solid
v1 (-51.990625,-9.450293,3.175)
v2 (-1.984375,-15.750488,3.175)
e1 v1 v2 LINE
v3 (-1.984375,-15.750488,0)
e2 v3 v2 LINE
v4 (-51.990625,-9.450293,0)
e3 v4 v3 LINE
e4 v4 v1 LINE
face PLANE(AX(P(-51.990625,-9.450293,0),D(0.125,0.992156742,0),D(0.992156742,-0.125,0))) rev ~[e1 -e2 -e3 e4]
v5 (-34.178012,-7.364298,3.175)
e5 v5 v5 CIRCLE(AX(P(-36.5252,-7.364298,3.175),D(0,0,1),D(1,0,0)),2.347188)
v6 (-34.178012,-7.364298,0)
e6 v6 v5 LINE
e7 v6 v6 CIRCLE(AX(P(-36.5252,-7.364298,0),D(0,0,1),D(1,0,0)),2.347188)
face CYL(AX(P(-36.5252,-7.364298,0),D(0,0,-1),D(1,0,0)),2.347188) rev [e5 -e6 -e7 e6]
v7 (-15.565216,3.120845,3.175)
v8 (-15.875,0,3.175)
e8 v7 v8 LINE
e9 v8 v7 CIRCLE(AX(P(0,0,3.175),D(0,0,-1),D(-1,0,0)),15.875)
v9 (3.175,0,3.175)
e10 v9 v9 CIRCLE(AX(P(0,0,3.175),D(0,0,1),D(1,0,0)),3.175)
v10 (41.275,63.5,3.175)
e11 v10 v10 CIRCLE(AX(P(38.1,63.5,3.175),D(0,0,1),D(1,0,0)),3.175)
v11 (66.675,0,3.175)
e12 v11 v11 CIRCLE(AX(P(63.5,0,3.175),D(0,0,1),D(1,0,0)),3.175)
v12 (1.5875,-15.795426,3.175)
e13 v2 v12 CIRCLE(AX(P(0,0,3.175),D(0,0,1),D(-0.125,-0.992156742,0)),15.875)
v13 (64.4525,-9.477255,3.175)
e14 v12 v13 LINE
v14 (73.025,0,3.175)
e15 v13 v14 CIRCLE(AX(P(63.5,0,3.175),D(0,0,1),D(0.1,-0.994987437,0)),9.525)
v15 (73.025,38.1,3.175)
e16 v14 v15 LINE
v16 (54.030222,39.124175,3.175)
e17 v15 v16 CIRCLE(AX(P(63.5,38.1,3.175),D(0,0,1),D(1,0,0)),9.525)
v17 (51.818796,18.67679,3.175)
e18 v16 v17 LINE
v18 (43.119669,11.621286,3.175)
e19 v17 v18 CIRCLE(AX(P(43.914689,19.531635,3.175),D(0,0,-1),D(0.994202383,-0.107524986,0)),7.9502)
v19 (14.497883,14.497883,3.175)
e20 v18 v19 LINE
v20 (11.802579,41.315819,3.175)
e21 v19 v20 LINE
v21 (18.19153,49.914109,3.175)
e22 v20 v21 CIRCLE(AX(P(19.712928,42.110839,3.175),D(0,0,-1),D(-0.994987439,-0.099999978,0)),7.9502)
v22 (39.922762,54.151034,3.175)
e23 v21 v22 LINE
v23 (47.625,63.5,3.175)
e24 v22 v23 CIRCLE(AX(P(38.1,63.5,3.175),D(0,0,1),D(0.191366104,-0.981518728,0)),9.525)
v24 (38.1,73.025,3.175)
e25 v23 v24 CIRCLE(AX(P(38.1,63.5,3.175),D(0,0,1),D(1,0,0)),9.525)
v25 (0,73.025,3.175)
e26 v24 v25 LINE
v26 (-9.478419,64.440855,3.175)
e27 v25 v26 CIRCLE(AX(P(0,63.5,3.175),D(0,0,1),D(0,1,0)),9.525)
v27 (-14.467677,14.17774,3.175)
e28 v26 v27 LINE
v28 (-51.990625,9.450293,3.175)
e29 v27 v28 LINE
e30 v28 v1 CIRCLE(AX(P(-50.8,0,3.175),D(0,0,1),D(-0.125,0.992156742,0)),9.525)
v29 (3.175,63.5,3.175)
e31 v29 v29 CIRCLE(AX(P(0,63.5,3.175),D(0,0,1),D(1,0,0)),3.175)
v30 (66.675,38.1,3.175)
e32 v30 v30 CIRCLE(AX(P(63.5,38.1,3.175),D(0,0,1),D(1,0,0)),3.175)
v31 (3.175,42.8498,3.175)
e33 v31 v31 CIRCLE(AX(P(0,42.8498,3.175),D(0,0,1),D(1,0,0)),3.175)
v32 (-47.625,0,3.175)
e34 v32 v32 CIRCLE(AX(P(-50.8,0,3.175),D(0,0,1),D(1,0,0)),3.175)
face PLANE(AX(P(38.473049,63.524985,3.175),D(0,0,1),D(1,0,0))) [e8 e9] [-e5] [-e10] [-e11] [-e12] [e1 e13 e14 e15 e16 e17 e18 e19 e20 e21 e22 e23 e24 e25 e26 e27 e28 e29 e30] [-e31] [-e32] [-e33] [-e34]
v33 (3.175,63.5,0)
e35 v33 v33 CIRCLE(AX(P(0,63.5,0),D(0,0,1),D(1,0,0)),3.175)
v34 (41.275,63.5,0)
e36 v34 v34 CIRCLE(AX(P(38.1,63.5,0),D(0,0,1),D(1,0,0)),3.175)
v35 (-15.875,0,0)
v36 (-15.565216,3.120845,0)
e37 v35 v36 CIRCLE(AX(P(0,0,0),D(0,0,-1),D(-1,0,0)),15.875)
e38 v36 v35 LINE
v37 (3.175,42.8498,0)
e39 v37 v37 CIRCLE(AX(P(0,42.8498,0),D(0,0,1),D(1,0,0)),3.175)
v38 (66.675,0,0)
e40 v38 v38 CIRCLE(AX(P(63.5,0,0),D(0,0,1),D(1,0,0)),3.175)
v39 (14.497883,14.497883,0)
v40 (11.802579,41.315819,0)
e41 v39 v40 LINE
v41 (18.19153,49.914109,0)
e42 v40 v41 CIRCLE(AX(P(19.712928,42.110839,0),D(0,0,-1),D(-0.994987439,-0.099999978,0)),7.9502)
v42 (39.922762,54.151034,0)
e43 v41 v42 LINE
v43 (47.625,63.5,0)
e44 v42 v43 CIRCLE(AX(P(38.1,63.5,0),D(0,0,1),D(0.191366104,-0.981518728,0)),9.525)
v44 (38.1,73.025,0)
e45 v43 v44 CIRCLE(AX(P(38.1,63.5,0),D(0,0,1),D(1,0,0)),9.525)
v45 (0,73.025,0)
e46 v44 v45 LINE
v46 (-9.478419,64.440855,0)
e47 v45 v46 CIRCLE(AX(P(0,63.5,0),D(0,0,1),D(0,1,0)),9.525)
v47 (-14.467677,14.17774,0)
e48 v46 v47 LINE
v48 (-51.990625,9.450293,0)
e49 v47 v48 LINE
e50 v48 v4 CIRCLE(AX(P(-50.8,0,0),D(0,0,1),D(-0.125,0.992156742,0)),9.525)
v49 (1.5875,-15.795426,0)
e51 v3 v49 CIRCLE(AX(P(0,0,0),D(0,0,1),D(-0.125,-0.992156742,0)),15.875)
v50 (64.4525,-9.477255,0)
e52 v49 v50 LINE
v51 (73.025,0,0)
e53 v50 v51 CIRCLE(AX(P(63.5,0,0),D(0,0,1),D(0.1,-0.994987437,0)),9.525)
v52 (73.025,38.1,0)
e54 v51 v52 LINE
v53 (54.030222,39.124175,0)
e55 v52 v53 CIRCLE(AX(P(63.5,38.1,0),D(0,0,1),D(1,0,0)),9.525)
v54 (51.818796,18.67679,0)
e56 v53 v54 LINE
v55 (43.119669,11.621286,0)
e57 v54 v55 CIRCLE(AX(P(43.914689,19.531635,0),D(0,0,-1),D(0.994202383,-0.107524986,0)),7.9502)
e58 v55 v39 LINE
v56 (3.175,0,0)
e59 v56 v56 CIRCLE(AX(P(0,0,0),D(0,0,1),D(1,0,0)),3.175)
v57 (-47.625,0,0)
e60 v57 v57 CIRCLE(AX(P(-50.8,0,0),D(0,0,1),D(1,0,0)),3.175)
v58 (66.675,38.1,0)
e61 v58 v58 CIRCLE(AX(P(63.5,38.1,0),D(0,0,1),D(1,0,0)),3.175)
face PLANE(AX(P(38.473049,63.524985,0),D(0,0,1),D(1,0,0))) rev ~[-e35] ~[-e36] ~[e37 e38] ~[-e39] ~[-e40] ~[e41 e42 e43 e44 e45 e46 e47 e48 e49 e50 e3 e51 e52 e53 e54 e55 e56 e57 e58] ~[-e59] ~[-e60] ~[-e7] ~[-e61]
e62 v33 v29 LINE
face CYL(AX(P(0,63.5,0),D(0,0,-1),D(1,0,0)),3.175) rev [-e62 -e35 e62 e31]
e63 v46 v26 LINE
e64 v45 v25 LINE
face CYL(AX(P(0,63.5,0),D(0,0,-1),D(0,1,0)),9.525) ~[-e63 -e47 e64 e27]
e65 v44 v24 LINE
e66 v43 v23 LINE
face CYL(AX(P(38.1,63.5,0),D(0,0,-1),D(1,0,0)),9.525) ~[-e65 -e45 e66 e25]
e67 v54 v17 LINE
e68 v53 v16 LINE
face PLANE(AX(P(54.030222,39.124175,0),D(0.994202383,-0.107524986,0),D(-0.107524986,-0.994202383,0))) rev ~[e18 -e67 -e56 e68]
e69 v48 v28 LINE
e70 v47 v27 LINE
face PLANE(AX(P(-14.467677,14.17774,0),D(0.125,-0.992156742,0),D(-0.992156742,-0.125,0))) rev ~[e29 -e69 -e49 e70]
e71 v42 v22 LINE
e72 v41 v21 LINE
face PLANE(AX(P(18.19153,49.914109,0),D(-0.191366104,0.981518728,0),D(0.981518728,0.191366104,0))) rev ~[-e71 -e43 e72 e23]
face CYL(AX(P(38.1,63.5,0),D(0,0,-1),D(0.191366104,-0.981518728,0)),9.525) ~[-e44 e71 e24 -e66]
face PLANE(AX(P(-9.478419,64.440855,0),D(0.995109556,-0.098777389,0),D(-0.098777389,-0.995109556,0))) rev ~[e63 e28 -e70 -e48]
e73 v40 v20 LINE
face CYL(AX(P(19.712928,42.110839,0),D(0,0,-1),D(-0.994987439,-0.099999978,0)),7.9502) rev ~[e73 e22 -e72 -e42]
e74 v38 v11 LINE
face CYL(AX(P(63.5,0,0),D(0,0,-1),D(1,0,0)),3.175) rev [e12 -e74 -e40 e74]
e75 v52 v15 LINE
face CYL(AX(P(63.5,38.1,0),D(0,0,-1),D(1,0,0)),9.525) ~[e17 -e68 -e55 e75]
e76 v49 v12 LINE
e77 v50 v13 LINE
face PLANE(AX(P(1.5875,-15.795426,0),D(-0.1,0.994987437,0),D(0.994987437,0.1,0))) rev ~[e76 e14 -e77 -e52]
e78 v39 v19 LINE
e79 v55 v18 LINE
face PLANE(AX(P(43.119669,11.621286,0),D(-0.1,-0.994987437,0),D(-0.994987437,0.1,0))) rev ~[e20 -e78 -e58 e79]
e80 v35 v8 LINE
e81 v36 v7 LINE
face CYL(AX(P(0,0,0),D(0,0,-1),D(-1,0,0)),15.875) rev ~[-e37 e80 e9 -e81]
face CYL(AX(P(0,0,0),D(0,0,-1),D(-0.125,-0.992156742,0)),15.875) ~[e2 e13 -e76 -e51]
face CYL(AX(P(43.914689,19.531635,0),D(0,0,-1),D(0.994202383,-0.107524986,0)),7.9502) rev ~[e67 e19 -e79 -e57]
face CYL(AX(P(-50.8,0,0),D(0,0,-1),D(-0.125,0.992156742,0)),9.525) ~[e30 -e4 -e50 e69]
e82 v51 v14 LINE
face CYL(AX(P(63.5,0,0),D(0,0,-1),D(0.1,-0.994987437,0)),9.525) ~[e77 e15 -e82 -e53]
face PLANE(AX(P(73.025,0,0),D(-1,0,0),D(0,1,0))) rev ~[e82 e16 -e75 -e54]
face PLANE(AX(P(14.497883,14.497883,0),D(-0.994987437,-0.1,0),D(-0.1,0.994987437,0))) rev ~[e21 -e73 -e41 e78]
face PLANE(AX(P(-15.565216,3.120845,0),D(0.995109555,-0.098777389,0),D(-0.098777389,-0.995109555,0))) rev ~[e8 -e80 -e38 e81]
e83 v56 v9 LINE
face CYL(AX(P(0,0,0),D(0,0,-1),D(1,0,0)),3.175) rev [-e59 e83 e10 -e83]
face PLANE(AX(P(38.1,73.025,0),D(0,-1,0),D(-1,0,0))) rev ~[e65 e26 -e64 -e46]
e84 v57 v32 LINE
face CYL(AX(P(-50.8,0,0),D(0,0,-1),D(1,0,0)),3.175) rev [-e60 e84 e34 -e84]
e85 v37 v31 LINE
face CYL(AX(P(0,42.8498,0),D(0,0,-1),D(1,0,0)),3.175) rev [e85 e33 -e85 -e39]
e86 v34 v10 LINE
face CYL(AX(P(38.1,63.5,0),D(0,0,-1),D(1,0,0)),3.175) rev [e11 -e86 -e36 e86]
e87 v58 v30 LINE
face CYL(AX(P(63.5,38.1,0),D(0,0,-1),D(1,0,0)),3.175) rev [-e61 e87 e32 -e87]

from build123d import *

# Parameters (mm, degrees)
F0_R     = 3.175
F0_R_2   = 2.3471876239
F1_DEPTH = 3.175
F2_DEPTH = 3.175


with BuildPart() as f1:
    # F0 (on Top) → F1 (new body)
    with BuildSketch(Plane.XY):
        with BuildLine():
            ThreePointArc((64.4525, 9.4772553384), (53.975, 0), (64.4525, -9.4772553384))
            ThreePointArc((64.4525, -9.4772553384), (70.563929059, -6.3895642457), (73.025, 0))
            ThreePointArc((73.025, 0), (70.563929059, 6.3895642457), (64.4525, 9.4772553384))
        make_face()
        with Locations((63.5, 0)):
            Circle(F0_R, mode=Mode.SUBTRACT)
        with BuildLine():
            ThreePointArc((15.875, 0), (11.7732150983, -10.6492737428), (1.5875, -15.7954255641))
            Line((1.5875, -15.7954255641), (64.4525, -9.4772553384))
            ThreePointArc((64.4525, -9.4772553384), (53.975, 0), (64.4525, 9.4772553384))
            Line((64.4525, 9.4772553384), (43.1196686861, 11.6212855561))
            Line((43.1196686861, 11.6212855561), (14.4978832286, 14.4978832286))
            Line((14.4978832286, 14.4978832286), (15.7954255641, 1.5875))
            ThreePointArc((15.7954255641, 1.5875), (15.8550939106, 0.7947465541), (15.875, 0))
        make_face()
        with BuildLine():
            Line((14.4978832286, 14.4978832286), (1.5875, 15.7954255641))
            ThreePointArc((1.5875, 15.7954255641), (11.2253201513, 11.2253201513), (15.7954255641, 1.5875))
            Line((15.7954255641, 1.5875), (14.4978832286, 14.4978832286))
        make_face()
        with BuildLine():
            ThreePointArc((-15.875, 0), (-11.90625, -10.5003255158), (-1.984375, -15.7504882737))
            ThreePointArc((-1.984375, -15.7504882737), (-0.1997054867, -15.8737438155), (1.5875, -15.7954255641))
            ThreePointArc((1.5875, -15.7954255641), (11.7732150983, -10.6492737428), (15.875, 0))
            ThreePointArc((15.875, 0), (15.8550939106, 0.7947465541), (15.7954255641, 1.5875))
            ThreePointArc((15.7954255641, 1.5875), (11.2253201513, 11.2253201513), (1.5875, 15.7954255641))
            ThreePointArc((1.5875, 15.7954255641), (-0.1997054867, 15.8737438155), (-1.984375, 15.7504882737))
            ThreePointArc((-1.984375, 15.7504882737), (-10.8108284084, 11.6250425429), (-15.5652161214, 3.1208447723))
            Line((-15.5652161214, 3.1208447723), (-15.875, 0))
        make_face()
        Circle(F0_R, mode=Mode.SUBTRACT)
        with BuildLine():
            Line((-1.984375, 15.7504882737), (-14.4676774298, 14.1777399989))
            Line((-14.4676774298, 14.1777399989), (-15.5652161214, 3.1208447723))
            ThreePointArc((-15.5652161214, 3.1208447723), (-10.8108284084, 11.6250425429), (-1.984375, 15.7504882737))
        make_face()
        with BuildLine():
            ThreePointArc((-51.990625, 9.4502929642), (-44.4998046905, 7.14375), (-41.275, 0))
            ThreePointArc((-41.275, 0), (-44.4998046905, -7.14375), (-51.990625, -9.4502929642))
            Line((-51.990625, -9.4502929642), (-1.984375, -15.7504882737))
            ThreePointArc((-1.984375, -15.7504882737), (-11.90625, -10.5003255158), (-15.875, 0))
            ThreePointArc((-15.875, 0), (-15.7973641936, 1.5680910484), (-15.5652161214, 3.1208447723))
            Line((-15.5652161214, 3.1208447723), (-14.4676774298, 14.1777399989))
            Line((-14.4676774298, 14.1777399989), (-51.990625, 9.4502929642))
        make_face()
        with Locations((-36.5252, -7.3642977134)):
            Circle(F0_R_2, mode=Mode.SUBTRACT)
        with BuildLine():
            ThreePointArc((-51.990625, -9.4502929642), (-44.4998046905, -7.14375), (-41.275, 0))
            ThreePointArc((-41.275, 0), (-44.4998046905, 7.14375), (-51.990625, 9.4502929642))
            ThreePointArc((-51.990625, 9.4502929642), (-60.325, 0), (-51.990625, -9.4502929642))
        make_face()
        with Locations((-50.8, 0)):
            Circle(F0_R, mode=Mode.SUBTRACT)
        with BuildLine():
            Line((43.1196686861, 11.6212855561), (64.4525, 9.4772553384))
            ThreePointArc((64.4525, 9.4772553384), (70.563929059, 6.3895642457), (73.025, 0))
            Line((73.025, 0), (73.025, 38.1))
            ThreePointArc((73.025, 38.1), (62.9871684143, 28.5888155961), (54.0302223066, 39.1241754918))
            Line((54.0302223066, 39.1241754918), (51.8187964167, 18.6767895399))
            ThreePointArc((51.8187964167, 18.6767895399), (48.9226639315, 13.3570202446), (43.1196686861, 11.6212855561))
        make_face()
        with BuildLine():
            ThreePointArc((54.0302223066, 39.1241754918), (62.9871684143, 28.5888155961), (73.025, 38.1))
            ThreePointArc((73.025, 38.1), (64.0128315857, 47.6111844039), (54.0302223066, 39.1241754918))
        make_face()
        with Locations((63.5, 38.1)):
            Circle(F0_R, mode=Mode.SUBTRACT)
    extrude(amount=F1_DEPTH)

    # F0 (on Top) → F2 (join)
    with BuildSketch(Plane.XY):
        with BuildLine():
            ThreePointArc((47.625, 63.5), (44.8351920908, 70.2351920908), (38.1, 73.025))
            ThreePointArc((38.1, 73.025), (28.6191106669, 62.5843786514), (39.922762137, 54.1510341111))
            ThreePointArc((39.922762137, 54.1510341111), (45.4514432037, 57.4434409255), (47.625, 63.5))
        make_face()
        with Locations((38.1, 63.5)):
            Circle(F0_R, mode=Mode.SUBTRACT)
        with BuildLine():
            Line((38.1, 73.025), (0, 73.025))
            ThreePointArc((0, 73.025), (6.3895642457, 70.563929059), (9.4772553384, 64.4525))
            Line((9.4772553384, 64.4525), (11.8025792677, 41.3158190319))
            ThreePointArc((11.8025792677, 41.3158190319), (13.3315402272, 46.8525226233), (18.1915296106, 49.9141090533))
            Line((18.1915296106, 49.9141090533), (39.922762137, 54.1510341111))
            ThreePointArc((39.922762137, 54.1510341111), (28.6191106669, 62.5843786514), (38.1, 73.025))
        make_face()
        with BuildLine():
            ThreePointArc((0, 73.025), (-6.3939027463, 70.5600023138), (-9.4784185161, 64.440854629))
            ThreePointArc((-9.4784185161, 64.440854629), (-0.4710035211, 53.9866524986), (9.525, 63.5))
            ThreePointArc((9.525, 63.5), (9.5130563464, 63.9768479324), (9.4772553384, 64.4525))
            ThreePointArc((9.4772553384, 64.4525), (6.3895642457, 70.563929059), (0, 73.025))
        make_face()
        with Locations((0, 63.5)):
            Circle(F0_R, mode=Mode.SUBTRACT)
        with BuildLine():
            Line((-9.4784185161, 64.440854629), (-14.4676774298, 14.1777399989))
            Line((-14.4676774298, 14.1777399989), (-1.984375, 15.7504882737))
            ThreePointArc((-1.984375, 15.7504882737), (-0.1997054867, 15.8737438155), (1.5875, 15.7954255641))
            Line((1.5875, 15.7954255641), (14.4978832286, 14.4978832286))
            Line((14.4978832286, 14.4978832286), (11.8025792677, 41.3158190319))
            Line((11.8025792677, 41.3158190319), (9.4772553384, 64.4525))
            ThreePointArc((9.4772553384, 64.4525), (9.5130563464, 63.9768479324), (9.525, 63.5))
            ThreePointArc((9.525, 63.5), (-0.4710035211, 53.9866524986), (-9.4784185161, 64.440854629))
        make_face()
        with Locations((0, 42.8498)):
            Circle(F0_R, mode=Mode.SUBTRACT)
        with BuildLine():
            ThreePointArc((-15.875, 0), (-11.90625, -10.5003255158), (-1.984375, -15.7504882737))
            ThreePointArc((-1.984375, -15.7504882737), (-0.1997054867, -15.8737438155), (1.5875, -15.7954255641))
            ThreePointArc((1.5875, -15.7954255641), (11.7732150983, -10.6492737428), (15.875, 0))
            ThreePointArc((15.875, 0), (15.8550939106, 0.7947465541), (15.7954255641, 1.5875))
            ThreePointArc((15.7954255641, 1.5875), (11.2253201513, 11.2253201513), (1.5875, 15.7954255641))
            ThreePointArc((1.5875, 15.7954255641), (-0.1997054867, 15.8737438155), (-1.984375, 15.7504882737))
            ThreePointArc((-1.984375, 15.7504882737), (-10.8108284084, 11.6250425429), (-15.5652161214, 3.1208447723))
            Line((-15.5652161214, 3.1208447723), (-15.875, 0))
        make_face()
        Circle(F0_R, mode=Mode.SUBTRACT)
        with BuildLine():
            Line((14.4978832286, 14.4978832286), (1.5875, 15.7954255641))
            ThreePointArc((1.5875, 15.7954255641), (11.2253201513, 11.2253201513), (15.7954255641, 1.5875))
            Line((15.7954255641, 1.5875), (14.4978832286, 14.4978832286))
        make_face()
        with BuildLine():
            Line((-1.984375, 15.7504882737), (-14.4676774298, 14.1777399989))
            Line((-14.4676774298, 14.1777399989), (-15.5652161214, 3.1208447723))
            ThreePointArc((-15.5652161214, 3.1208447723), (-10.8108284084, 11.6250425429), (-1.984375, 15.7504882737))
        make_face()
    extrude(amount=F2_DEPTH)


solid = f1.part
